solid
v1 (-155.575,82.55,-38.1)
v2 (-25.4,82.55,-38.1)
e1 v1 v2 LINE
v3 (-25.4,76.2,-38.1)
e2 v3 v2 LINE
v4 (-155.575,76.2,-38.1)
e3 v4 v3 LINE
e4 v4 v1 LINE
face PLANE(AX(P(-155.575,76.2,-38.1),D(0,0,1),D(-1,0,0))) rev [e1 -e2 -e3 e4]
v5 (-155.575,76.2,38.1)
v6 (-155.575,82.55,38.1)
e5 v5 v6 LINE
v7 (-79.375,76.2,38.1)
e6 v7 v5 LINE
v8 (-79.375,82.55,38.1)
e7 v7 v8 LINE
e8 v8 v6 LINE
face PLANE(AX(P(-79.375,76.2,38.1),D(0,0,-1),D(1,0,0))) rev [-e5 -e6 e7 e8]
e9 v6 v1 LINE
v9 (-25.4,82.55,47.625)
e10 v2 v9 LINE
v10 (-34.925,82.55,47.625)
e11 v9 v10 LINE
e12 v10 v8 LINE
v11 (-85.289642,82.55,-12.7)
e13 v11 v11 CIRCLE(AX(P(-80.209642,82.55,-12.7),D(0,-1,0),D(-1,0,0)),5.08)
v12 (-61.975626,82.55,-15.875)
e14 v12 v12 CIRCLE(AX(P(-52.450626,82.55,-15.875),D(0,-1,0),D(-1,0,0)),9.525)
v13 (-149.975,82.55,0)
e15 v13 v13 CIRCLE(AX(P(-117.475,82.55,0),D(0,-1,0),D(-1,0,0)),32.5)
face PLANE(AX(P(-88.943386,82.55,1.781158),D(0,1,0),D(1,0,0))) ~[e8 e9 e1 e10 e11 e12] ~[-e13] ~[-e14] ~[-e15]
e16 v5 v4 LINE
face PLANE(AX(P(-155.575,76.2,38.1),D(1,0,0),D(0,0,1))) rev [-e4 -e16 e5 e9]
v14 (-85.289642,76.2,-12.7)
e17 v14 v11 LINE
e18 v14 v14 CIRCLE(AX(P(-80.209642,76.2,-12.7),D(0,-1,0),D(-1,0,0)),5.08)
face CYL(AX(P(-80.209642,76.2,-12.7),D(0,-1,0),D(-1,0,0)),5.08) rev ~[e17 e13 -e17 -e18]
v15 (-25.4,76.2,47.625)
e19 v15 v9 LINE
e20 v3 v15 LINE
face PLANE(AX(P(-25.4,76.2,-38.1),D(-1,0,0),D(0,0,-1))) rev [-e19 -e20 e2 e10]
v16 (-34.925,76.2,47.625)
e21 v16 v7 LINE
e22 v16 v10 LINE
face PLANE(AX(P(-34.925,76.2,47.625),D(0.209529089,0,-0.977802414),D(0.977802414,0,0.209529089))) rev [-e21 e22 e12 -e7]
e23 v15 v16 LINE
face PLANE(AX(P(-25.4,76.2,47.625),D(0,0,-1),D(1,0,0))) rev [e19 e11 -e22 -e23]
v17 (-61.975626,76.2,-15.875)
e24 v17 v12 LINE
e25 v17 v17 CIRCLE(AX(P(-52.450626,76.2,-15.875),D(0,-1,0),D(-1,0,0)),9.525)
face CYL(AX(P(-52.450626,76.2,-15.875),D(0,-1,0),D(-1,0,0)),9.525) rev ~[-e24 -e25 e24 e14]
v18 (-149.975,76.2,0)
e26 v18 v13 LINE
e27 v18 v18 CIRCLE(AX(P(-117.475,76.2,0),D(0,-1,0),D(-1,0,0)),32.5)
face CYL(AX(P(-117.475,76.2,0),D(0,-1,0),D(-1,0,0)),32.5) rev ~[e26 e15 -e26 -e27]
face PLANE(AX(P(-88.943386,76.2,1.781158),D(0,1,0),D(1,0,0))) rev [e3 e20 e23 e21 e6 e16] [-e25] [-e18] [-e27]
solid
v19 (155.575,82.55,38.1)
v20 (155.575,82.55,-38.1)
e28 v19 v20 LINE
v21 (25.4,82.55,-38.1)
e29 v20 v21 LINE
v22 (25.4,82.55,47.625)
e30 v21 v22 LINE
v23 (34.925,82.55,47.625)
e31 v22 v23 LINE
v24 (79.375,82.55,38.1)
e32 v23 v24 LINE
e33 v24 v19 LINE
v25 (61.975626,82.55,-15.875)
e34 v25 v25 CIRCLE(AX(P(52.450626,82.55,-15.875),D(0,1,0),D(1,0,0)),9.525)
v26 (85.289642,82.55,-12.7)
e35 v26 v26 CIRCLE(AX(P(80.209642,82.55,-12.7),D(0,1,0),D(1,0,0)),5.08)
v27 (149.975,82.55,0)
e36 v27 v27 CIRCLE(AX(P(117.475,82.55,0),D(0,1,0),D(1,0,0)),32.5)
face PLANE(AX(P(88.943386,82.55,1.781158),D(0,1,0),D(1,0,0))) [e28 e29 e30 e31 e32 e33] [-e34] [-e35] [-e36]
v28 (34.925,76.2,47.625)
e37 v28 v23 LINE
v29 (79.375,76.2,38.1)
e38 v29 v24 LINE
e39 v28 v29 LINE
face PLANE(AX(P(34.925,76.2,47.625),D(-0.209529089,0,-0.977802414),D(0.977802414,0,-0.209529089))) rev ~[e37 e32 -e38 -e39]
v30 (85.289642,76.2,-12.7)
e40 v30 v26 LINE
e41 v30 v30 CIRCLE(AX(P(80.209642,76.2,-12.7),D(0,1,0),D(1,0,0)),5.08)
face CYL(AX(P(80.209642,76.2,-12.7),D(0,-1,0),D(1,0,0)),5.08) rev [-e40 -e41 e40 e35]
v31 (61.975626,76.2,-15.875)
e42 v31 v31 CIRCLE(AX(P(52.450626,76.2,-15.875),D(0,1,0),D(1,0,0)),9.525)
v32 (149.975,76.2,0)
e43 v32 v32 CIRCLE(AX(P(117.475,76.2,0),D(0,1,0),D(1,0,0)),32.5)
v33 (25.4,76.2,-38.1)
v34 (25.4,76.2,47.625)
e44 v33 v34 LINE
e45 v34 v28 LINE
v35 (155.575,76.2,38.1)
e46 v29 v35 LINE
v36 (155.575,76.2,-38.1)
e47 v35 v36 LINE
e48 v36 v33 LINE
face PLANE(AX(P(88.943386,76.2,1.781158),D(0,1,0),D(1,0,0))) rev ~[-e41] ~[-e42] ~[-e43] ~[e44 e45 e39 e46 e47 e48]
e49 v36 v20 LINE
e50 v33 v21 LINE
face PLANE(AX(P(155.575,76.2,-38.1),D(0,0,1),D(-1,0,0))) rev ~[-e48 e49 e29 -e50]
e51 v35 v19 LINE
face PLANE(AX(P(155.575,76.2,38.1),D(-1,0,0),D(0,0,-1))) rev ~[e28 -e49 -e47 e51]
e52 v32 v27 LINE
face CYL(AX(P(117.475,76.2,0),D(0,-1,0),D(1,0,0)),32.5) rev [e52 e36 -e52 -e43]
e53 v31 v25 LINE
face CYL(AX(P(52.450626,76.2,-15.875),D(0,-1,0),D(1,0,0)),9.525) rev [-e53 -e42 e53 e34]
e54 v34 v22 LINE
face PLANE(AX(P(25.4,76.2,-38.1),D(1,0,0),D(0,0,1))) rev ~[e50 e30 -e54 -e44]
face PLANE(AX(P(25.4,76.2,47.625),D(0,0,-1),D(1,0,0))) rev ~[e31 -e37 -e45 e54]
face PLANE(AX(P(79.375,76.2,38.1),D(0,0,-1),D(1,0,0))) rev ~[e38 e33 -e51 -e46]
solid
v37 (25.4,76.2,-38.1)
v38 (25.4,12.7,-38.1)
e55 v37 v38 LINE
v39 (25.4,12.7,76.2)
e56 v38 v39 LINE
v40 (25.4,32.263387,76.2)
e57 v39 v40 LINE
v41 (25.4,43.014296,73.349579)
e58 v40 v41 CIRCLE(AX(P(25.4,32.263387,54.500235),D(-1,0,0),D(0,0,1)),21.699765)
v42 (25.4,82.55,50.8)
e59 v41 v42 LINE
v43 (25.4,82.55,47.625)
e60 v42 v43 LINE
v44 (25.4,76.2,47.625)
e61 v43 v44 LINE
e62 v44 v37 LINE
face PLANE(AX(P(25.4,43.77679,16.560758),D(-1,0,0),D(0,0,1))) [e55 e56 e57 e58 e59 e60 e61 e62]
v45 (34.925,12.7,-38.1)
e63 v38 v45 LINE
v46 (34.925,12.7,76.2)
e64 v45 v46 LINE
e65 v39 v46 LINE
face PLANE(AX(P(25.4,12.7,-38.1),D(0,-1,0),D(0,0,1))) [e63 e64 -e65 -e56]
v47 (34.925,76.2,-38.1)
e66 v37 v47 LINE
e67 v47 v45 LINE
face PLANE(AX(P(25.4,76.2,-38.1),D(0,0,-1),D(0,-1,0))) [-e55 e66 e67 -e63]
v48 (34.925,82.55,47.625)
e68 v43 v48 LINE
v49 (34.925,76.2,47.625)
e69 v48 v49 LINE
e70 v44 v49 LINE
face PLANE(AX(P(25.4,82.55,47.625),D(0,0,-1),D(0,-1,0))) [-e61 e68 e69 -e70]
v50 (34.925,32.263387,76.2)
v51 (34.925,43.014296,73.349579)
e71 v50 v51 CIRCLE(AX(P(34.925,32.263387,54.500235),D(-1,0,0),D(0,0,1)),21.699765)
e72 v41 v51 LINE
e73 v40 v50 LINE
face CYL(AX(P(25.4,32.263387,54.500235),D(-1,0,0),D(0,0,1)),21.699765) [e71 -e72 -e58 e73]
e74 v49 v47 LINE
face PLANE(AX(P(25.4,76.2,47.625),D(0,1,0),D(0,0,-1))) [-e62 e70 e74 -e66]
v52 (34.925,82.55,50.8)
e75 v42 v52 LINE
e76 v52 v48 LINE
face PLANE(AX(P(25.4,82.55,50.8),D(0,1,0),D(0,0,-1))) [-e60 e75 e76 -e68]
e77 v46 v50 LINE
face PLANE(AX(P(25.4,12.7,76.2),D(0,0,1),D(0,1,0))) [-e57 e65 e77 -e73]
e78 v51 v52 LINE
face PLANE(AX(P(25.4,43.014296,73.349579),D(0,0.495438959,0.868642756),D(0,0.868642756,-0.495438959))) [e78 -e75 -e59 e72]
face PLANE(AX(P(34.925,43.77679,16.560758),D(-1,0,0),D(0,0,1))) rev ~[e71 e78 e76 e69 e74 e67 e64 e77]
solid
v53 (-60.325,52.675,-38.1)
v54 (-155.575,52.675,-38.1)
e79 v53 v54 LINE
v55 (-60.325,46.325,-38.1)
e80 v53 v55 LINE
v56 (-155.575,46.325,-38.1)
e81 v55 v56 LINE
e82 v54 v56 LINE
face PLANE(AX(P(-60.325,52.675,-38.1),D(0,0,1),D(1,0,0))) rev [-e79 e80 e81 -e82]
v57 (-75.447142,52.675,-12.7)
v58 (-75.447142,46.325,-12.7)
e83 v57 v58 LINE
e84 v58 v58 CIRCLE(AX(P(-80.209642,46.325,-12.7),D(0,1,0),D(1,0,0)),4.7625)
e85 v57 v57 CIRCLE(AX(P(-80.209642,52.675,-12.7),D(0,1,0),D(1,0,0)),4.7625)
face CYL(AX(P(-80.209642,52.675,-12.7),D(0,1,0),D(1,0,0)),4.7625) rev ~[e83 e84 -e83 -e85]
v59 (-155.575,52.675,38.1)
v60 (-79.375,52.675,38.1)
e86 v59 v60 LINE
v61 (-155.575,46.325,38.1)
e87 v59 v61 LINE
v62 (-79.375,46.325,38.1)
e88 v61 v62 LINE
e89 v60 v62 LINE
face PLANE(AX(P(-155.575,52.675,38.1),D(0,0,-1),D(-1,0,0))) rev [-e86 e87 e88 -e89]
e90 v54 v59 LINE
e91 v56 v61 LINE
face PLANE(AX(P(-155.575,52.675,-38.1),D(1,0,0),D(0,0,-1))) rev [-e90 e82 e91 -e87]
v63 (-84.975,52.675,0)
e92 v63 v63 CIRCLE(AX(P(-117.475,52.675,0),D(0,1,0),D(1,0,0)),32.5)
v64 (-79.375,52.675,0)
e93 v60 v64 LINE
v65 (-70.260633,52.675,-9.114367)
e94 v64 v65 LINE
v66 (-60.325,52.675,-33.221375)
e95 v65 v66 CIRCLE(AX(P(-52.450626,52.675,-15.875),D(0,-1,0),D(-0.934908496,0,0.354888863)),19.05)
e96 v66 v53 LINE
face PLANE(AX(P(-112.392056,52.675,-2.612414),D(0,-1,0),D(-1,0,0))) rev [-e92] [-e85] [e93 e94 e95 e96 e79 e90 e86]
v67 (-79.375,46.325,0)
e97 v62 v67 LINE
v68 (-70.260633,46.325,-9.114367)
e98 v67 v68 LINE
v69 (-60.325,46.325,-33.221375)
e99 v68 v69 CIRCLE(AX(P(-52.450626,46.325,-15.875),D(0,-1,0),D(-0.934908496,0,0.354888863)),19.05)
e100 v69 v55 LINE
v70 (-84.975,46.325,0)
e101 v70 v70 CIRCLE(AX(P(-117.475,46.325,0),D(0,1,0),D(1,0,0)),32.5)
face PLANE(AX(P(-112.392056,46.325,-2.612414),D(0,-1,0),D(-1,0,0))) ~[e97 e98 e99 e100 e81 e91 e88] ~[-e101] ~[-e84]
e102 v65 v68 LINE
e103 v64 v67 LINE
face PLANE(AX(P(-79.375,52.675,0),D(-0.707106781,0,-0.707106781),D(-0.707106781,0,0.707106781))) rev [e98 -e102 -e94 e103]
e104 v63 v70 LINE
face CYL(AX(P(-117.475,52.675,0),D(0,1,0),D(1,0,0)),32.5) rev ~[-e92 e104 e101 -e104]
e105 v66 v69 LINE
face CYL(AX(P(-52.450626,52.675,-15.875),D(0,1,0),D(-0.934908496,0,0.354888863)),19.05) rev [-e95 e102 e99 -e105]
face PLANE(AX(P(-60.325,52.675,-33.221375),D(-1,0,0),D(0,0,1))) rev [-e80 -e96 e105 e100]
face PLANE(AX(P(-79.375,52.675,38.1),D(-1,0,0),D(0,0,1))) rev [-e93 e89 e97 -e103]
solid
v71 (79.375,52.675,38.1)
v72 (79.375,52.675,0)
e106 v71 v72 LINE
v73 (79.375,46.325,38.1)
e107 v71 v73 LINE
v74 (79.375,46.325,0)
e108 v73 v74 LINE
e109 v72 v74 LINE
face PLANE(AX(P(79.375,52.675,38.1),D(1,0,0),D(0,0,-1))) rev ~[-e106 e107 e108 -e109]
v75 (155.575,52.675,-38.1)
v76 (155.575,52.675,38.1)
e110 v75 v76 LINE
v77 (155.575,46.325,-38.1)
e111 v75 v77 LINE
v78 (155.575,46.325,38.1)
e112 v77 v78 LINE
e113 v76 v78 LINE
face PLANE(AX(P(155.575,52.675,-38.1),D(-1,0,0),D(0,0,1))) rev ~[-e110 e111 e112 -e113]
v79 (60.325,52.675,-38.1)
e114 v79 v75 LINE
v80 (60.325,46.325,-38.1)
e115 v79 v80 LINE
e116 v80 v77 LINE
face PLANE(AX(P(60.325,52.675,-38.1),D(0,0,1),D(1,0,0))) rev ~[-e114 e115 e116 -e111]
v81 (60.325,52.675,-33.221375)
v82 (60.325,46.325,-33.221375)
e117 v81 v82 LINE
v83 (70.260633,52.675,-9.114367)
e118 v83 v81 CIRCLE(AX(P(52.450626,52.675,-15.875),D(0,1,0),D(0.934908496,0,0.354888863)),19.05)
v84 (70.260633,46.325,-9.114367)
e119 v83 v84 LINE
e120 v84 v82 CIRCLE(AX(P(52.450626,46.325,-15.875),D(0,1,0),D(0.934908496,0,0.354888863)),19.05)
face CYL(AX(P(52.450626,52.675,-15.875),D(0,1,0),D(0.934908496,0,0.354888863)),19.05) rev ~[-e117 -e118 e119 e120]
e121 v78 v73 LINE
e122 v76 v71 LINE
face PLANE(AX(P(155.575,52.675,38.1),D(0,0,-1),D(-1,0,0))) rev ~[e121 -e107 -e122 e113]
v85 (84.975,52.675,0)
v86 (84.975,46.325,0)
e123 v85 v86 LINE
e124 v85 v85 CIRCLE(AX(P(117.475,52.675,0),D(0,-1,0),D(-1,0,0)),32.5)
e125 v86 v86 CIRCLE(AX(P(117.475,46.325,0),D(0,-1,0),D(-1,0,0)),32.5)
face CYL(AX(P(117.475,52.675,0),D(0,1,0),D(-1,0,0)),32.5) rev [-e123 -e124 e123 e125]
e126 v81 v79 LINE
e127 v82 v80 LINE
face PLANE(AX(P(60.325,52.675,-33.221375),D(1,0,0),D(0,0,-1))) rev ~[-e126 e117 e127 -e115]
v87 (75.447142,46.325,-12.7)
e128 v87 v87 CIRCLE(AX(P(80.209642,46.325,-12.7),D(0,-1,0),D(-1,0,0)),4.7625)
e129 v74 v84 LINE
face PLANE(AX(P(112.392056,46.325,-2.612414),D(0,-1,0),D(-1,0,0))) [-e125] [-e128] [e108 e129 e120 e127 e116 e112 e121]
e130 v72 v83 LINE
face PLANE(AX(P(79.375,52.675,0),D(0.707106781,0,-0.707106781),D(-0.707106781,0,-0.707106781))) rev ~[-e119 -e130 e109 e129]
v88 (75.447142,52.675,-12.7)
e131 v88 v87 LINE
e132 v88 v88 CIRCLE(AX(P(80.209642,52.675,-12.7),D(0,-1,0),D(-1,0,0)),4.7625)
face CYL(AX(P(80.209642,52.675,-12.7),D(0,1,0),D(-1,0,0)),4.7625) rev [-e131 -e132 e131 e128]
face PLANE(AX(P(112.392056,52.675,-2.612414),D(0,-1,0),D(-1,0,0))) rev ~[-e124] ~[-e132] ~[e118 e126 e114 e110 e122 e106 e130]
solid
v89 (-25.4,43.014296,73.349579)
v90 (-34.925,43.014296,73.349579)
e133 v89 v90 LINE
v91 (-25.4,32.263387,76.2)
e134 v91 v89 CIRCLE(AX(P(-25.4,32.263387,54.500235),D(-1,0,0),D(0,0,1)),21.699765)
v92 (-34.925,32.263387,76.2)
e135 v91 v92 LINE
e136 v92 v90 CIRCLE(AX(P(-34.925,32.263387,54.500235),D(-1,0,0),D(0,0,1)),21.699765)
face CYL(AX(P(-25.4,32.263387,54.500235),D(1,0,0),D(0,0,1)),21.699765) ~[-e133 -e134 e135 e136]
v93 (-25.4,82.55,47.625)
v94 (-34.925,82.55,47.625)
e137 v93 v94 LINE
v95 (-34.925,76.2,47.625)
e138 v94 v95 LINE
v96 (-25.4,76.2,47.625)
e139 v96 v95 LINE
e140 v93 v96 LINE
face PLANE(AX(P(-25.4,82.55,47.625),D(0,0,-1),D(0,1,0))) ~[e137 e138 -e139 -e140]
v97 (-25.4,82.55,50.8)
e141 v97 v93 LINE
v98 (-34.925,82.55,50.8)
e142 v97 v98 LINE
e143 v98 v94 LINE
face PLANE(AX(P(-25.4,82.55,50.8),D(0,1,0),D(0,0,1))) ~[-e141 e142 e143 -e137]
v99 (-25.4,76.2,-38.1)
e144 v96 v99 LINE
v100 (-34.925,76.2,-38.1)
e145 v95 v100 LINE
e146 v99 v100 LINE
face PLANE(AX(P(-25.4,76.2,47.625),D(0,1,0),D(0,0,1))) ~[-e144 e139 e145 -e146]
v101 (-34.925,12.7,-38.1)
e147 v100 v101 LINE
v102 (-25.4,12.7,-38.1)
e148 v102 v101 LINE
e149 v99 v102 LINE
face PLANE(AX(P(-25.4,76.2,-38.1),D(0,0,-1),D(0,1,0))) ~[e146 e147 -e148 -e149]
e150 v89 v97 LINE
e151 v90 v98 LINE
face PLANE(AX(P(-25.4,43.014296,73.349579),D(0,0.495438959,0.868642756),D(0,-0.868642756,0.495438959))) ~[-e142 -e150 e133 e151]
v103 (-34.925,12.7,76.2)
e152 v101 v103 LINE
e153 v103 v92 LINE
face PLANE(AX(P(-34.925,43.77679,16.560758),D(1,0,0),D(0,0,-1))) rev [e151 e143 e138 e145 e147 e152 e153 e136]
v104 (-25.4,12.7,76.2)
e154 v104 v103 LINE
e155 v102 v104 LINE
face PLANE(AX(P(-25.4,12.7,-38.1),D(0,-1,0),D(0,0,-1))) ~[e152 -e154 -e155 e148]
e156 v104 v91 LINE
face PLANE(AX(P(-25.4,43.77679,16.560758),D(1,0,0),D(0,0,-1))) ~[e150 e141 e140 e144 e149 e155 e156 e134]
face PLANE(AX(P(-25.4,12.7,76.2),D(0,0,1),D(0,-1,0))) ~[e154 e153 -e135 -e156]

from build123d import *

# Parameters (mm, degrees)
BOSS_EXTRUDE1_DEPTH = 9.525
SKETCH7_R           = 32.5
SKETCH7_R_2         = 5.08
SKETCH7_R_3         = 9.525
BOSS_EXTRUDE2_DEPTH = 6.35
SKETCH8_R           = 32.5
SKETCH8_R_2         = 4.7625
BOSS_EXTRUDE3_DEPTH = 6.35


with BuildPart() as part:
    # Sketch6 → Boss-Extrude1 (new body)
    with BuildSketch(Plane(origin=(25.4, 0, 0), x_dir=(0, 0, -1), z_dir=(1, 0, 0))):
        with BuildLine():
            Line((-73.349578712, 43.014295617), (-50.8, 82.55))
            Line((-50.8, 82.55), (-47.625, 82.55))
            Line((-47.625, 82.55), (-47.625, 76.2))
            Line((-47.625, 76.2), (38.1, 76.2))
            Line((38.1, 76.2), (38.1, 12.7))
            Line((38.1, 12.7), (-76.2, 12.7))
            Line((-76.2, 12.7), (-76.2, 32.263386753))
            ThreePointArc((-76.2, 32.263386753), (-75.475293164, 37.824567898), (-73.349578712, 43.014295617))
        make_face()
    extrude(amount=BOSS_EXTRUDE1_DEPTH)


with BuildPart() as body_2:
    # Sketch7 → Boss-Extrude2 (new body)
    with BuildSketch(Plane(origin=(0, 76.2, 0), x_dir=(1, 0, 0), z_dir=(0, 1, 0))):
        Polygon((25.4, -47.625), (34.925, -47.625), (79.375, -38.1), (155.575, -38.1), (155.575, 38.1), (25.4, 38.1), align=None)
        with Locations((117.475, 0)):
            Circle(SKETCH7_R, mode=Mode.SUBTRACT)
        with Locations((80.209642092, 12.7)):
            Circle(SKETCH7_R_2, mode=Mode.SUBTRACT)
        with Locations((52.450625989, 15.875)):
            Circle(SKETCH7_R_3, mode=Mode.SUBTRACT)
    extrude(amount=BOSS_EXTRUDE2_DEPTH)


with BuildPart() as body_3:
    # Sketch8 → Boss-Extrude3 (new body)
    with BuildSketch(Plane(origin=(0, 52.675, 0), x_dir=(-1, 0, 0), z_dir=(0, -1, 0))):
        with BuildLine():
            Line((-60.325, 33.221375239), (-60.325, 38.1))
            Line((-60.325, 38.1), (-79.375, 38.1))
            Line((-79.375, 38.1), (-155.575, 38.1))
            Line((-155.575, 38.1), (-155.575, -38.1))
            Line((-155.575, -38.1), (-79.375, -38.1))
            Line((-79.375, -38.1), (-79.375, 0))
            Line((-79.375, 0), (-70.260632831, 9.114367169))
            ThreePointArc((-70.260632831, 9.114367169), (-70.063371785, 23.134041639), (-60.325, 33.221375239))
        make_face()
        with Locations((-117.475, 0)):
            Circle(SKETCH8_R, mode=Mode.SUBTRACT)
        with Locations((-80.209642092, 12.7)):
            Circle(SKETCH8_R_2, mode=Mode.SUBTRACT)
    extrude(amount=BOSS_EXTRUDE3_DEPTH)


with BuildPart() as body_4:
    # Mirror2: mirrored copy
    add(part.part.mirror(Plane(origin=(0, 0, 0), x_dir=(0, 0, 1), z_dir=(1, 0, 0))))


with BuildPart() as body_5:
    # Mirror2 2: mirrored copy
    add(body_2.part.mirror(Plane(origin=(0, 0, 0), x_dir=(0, 0, 1), z_dir=(1, 0, 0))))


with BuildPart() as body_6:
    # Mirror2 3: mirrored copy
    add(body_3.part.mirror(Plane(origin=(0, 0, 0), x_dir=(0, 0, 1), z_dir=(1, 0, 0))))


solid = Compound([part.part, body_2.part, body_3.part, body_4.part, body_5.part, body_6.part])
